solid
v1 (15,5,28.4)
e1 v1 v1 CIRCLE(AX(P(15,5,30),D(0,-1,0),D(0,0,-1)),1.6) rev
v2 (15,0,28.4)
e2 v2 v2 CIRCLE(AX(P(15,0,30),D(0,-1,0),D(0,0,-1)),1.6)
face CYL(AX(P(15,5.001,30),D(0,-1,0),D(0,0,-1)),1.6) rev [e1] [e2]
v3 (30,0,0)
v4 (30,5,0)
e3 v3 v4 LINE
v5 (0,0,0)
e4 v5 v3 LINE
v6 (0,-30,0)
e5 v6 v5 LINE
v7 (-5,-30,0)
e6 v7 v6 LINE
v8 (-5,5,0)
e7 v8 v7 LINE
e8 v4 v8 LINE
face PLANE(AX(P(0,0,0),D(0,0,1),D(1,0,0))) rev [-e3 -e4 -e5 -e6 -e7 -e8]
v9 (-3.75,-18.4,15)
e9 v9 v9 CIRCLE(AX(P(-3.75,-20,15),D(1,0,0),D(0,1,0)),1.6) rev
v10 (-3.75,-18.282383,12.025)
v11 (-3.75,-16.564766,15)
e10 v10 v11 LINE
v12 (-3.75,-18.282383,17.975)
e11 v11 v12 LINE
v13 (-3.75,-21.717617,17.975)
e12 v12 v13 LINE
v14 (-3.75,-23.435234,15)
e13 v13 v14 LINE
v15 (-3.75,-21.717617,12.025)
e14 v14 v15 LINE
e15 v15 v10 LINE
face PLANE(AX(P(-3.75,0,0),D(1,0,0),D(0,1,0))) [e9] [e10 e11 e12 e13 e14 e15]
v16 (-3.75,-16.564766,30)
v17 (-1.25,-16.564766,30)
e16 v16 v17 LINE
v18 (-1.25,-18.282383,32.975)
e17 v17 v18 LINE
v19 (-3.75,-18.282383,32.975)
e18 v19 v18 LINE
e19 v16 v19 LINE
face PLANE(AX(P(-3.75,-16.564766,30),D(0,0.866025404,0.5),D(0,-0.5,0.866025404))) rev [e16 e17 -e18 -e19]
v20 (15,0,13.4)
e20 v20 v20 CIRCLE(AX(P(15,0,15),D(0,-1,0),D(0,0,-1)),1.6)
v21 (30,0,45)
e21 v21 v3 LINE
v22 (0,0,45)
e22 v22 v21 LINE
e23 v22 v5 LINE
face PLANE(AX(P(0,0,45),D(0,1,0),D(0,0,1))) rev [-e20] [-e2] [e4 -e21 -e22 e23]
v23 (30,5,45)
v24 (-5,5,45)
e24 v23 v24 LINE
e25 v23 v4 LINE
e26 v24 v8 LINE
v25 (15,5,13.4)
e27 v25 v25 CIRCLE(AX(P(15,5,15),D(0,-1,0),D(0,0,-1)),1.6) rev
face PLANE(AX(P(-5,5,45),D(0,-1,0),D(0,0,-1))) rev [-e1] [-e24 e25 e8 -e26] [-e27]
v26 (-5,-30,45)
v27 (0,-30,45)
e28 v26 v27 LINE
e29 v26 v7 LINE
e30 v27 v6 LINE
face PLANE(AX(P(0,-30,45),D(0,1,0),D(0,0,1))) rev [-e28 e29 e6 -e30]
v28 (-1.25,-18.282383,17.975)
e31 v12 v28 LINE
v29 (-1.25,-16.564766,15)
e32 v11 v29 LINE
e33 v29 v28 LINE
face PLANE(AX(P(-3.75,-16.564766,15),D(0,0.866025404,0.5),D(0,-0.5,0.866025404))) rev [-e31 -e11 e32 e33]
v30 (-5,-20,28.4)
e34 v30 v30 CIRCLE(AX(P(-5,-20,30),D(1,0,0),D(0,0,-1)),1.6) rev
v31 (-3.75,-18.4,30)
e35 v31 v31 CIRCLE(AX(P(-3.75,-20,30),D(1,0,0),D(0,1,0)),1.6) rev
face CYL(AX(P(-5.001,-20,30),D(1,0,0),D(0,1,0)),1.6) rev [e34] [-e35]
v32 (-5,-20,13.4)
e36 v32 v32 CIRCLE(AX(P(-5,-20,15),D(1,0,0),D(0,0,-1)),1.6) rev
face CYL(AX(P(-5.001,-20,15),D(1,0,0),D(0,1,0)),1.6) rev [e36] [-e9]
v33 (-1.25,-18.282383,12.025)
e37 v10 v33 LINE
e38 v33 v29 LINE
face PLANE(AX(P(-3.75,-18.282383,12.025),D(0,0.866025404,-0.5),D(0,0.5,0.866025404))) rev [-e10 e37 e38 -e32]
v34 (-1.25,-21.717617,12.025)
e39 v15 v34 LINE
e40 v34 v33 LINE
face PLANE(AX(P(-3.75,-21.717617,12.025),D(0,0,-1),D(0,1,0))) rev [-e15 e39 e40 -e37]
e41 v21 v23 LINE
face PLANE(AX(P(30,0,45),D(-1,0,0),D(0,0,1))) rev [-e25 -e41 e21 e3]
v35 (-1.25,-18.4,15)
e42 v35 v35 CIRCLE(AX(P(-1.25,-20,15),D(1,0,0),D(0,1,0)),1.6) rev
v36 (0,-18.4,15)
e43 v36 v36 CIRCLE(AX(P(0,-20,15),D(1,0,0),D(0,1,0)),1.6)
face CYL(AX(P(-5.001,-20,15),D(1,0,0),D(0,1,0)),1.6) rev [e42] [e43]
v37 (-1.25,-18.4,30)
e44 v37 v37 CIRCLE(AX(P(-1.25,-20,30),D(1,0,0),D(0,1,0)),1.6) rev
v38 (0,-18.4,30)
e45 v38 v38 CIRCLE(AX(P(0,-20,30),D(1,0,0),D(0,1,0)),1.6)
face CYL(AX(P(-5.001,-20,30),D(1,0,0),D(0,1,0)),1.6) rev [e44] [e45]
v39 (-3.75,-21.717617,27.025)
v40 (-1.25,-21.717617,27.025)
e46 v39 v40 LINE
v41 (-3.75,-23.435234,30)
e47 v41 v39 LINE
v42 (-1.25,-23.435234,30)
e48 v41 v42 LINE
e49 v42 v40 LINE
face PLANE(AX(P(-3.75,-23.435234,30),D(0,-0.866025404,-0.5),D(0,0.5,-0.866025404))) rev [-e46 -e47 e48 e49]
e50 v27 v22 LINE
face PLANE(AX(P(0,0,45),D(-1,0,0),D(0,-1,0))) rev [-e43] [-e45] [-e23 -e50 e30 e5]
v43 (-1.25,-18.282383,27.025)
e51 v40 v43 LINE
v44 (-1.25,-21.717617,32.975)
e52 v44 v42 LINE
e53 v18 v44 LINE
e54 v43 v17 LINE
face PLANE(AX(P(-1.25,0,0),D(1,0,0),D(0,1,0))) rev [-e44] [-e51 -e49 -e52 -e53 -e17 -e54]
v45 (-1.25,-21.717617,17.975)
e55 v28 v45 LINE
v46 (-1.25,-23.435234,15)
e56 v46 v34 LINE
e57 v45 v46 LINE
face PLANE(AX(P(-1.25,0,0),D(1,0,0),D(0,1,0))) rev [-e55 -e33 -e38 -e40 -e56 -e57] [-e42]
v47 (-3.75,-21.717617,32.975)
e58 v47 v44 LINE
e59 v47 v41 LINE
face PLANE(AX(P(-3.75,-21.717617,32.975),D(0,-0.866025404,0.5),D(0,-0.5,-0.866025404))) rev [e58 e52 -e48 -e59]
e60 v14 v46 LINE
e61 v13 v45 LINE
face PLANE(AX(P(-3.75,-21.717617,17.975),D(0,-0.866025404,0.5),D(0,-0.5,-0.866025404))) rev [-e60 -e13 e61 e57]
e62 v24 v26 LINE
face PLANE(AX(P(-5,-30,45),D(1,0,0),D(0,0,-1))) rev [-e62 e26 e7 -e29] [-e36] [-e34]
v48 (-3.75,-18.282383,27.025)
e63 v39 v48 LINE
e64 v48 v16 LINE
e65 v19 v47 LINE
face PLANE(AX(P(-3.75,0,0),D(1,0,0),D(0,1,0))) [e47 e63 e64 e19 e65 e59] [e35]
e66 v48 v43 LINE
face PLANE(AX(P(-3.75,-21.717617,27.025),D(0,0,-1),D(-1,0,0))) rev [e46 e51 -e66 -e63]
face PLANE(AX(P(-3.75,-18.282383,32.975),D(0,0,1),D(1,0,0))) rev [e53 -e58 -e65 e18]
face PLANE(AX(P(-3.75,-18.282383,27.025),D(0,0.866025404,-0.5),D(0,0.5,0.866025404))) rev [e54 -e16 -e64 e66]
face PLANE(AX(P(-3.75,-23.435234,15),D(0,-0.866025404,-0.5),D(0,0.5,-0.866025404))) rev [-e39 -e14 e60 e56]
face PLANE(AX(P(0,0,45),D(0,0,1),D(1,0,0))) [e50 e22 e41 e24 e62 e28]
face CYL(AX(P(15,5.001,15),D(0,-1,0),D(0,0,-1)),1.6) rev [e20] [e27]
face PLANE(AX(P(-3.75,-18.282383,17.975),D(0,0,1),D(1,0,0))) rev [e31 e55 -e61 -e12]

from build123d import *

# Parameters (mm, degrees)
BOSS_EXTRUDE1_DEPTH = 45
CUT_EXTRUDE1_REACH  = 7
SKETCH2_R           = 1.6
CUT_EXTRUDE2_REACH  = 7
SKETCH3_R           = 1.6
CUT_EXTRUDE3_START  = -1.25
CUT_EXTRUDE3_DEPTH  = 2.5


with BuildPart() as part:
    # Sketch1 → Boss-Extrude1 (new body)
    with BuildSketch(Plane.XY):
        Polygon((0, 0), (0, -30), (-5, -30), (-5, 5), (30, 5), (30, 0), align=None)
    extrude(amount=BOSS_EXTRUDE1_DEPTH)

    # Sketch2 → Cut-Extrude1 (cut, up to next)
    with BuildSketch(Plane(origin=(0, 0, 0), x_dir=(0, 0, -1), z_dir=(1, 0, 0)), mode=Mode.PRIVATE) as cut_extrude1_sk1:
        with Locations((-30, -20)):
            Circle(SKETCH2_R)
    cut_extrude1_tool1 = extrude(cut_extrude1_sk1.sketch, amount=-CUT_EXTRUDE1_REACH, mode=Mode.PRIVATE) & part.part
    add(cut_extrude1_tool1.solids().sort_by_distance((0, -20, 30))[0], mode=Mode.SUBTRACT)
    # Sketch2 → Cut-Extrude1 (cut, up to next)
    with BuildSketch(Plane(origin=(0, 0, 0), x_dir=(0, 0, -1), z_dir=(1, 0, 0)), mode=Mode.PRIVATE) as cut_extrude1_sk2:
        with Locations((-15, -20)):
            Circle(SKETCH2_R)
    cut_extrude1_tool2 = extrude(cut_extrude1_sk2.sketch, amount=-CUT_EXTRUDE1_REACH, mode=Mode.PRIVATE) & part.part
    add(cut_extrude1_tool2.solids().sort_by_distance((0, -20, 15))[0], mode=Mode.SUBTRACT)

    # Sketch3 → Cut-Extrude2 (cut, up to next)
    with BuildSketch(Plane.XZ, mode=Mode.PRIVATE) as cut_extrude2_sk1:
        with Locations((15, 30)):
            Circle(SKETCH3_R)
    cut_extrude2_tool1 = extrude(cut_extrude2_sk1.sketch, amount=-CUT_EXTRUDE2_REACH, mode=Mode.PRIVATE) & part.part
    add(cut_extrude2_tool1.solids().sort_by_distance((15, 0, 30))[0], mode=Mode.SUBTRACT)
    # Sketch3 → Cut-Extrude2 (cut, up to next)
    with BuildSketch(Plane.XZ, mode=Mode.PRIVATE) as cut_extrude2_sk2:
        with Locations((15, 15)):
            Circle(SKETCH3_R)
    cut_extrude2_tool2 = extrude(cut_extrude2_sk2.sketch, amount=-CUT_EXTRUDE2_REACH, mode=Mode.PRIVATE) & part.part
    add(cut_extrude2_tool2.solids().sort_by_distance((15, 0, 15))[0], mode=Mode.SUBTRACT)

    # Sketch4 → Cut-Extrude3 (cut)
    with BuildSketch(Plane(origin=(0, 0, 0), x_dir=(0, 0, -1), z_dir=(1, 0, 0)).offset(CUT_EXTRUDE3_START)):
        Polygon((-30, -23.435234102), (-27.025, -21.717617051), (-27.025, -18.282382949), (-30, -16.564765898), (-32.975, -18.282382949), (-32.975, -21.717617051), align=None)
        Polygon((-15, -23.435234102), (-12.025, -21.717617051), (-12.025, -18.282382949), (-15, -16.564765898), (-17.975, -18.282382949), (-17.975, -21.717617051), align=None)
    extrude(amount=-CUT_EXTRUDE3_DEPTH, mode=Mode.SUBTRACT)


solid = part.part
